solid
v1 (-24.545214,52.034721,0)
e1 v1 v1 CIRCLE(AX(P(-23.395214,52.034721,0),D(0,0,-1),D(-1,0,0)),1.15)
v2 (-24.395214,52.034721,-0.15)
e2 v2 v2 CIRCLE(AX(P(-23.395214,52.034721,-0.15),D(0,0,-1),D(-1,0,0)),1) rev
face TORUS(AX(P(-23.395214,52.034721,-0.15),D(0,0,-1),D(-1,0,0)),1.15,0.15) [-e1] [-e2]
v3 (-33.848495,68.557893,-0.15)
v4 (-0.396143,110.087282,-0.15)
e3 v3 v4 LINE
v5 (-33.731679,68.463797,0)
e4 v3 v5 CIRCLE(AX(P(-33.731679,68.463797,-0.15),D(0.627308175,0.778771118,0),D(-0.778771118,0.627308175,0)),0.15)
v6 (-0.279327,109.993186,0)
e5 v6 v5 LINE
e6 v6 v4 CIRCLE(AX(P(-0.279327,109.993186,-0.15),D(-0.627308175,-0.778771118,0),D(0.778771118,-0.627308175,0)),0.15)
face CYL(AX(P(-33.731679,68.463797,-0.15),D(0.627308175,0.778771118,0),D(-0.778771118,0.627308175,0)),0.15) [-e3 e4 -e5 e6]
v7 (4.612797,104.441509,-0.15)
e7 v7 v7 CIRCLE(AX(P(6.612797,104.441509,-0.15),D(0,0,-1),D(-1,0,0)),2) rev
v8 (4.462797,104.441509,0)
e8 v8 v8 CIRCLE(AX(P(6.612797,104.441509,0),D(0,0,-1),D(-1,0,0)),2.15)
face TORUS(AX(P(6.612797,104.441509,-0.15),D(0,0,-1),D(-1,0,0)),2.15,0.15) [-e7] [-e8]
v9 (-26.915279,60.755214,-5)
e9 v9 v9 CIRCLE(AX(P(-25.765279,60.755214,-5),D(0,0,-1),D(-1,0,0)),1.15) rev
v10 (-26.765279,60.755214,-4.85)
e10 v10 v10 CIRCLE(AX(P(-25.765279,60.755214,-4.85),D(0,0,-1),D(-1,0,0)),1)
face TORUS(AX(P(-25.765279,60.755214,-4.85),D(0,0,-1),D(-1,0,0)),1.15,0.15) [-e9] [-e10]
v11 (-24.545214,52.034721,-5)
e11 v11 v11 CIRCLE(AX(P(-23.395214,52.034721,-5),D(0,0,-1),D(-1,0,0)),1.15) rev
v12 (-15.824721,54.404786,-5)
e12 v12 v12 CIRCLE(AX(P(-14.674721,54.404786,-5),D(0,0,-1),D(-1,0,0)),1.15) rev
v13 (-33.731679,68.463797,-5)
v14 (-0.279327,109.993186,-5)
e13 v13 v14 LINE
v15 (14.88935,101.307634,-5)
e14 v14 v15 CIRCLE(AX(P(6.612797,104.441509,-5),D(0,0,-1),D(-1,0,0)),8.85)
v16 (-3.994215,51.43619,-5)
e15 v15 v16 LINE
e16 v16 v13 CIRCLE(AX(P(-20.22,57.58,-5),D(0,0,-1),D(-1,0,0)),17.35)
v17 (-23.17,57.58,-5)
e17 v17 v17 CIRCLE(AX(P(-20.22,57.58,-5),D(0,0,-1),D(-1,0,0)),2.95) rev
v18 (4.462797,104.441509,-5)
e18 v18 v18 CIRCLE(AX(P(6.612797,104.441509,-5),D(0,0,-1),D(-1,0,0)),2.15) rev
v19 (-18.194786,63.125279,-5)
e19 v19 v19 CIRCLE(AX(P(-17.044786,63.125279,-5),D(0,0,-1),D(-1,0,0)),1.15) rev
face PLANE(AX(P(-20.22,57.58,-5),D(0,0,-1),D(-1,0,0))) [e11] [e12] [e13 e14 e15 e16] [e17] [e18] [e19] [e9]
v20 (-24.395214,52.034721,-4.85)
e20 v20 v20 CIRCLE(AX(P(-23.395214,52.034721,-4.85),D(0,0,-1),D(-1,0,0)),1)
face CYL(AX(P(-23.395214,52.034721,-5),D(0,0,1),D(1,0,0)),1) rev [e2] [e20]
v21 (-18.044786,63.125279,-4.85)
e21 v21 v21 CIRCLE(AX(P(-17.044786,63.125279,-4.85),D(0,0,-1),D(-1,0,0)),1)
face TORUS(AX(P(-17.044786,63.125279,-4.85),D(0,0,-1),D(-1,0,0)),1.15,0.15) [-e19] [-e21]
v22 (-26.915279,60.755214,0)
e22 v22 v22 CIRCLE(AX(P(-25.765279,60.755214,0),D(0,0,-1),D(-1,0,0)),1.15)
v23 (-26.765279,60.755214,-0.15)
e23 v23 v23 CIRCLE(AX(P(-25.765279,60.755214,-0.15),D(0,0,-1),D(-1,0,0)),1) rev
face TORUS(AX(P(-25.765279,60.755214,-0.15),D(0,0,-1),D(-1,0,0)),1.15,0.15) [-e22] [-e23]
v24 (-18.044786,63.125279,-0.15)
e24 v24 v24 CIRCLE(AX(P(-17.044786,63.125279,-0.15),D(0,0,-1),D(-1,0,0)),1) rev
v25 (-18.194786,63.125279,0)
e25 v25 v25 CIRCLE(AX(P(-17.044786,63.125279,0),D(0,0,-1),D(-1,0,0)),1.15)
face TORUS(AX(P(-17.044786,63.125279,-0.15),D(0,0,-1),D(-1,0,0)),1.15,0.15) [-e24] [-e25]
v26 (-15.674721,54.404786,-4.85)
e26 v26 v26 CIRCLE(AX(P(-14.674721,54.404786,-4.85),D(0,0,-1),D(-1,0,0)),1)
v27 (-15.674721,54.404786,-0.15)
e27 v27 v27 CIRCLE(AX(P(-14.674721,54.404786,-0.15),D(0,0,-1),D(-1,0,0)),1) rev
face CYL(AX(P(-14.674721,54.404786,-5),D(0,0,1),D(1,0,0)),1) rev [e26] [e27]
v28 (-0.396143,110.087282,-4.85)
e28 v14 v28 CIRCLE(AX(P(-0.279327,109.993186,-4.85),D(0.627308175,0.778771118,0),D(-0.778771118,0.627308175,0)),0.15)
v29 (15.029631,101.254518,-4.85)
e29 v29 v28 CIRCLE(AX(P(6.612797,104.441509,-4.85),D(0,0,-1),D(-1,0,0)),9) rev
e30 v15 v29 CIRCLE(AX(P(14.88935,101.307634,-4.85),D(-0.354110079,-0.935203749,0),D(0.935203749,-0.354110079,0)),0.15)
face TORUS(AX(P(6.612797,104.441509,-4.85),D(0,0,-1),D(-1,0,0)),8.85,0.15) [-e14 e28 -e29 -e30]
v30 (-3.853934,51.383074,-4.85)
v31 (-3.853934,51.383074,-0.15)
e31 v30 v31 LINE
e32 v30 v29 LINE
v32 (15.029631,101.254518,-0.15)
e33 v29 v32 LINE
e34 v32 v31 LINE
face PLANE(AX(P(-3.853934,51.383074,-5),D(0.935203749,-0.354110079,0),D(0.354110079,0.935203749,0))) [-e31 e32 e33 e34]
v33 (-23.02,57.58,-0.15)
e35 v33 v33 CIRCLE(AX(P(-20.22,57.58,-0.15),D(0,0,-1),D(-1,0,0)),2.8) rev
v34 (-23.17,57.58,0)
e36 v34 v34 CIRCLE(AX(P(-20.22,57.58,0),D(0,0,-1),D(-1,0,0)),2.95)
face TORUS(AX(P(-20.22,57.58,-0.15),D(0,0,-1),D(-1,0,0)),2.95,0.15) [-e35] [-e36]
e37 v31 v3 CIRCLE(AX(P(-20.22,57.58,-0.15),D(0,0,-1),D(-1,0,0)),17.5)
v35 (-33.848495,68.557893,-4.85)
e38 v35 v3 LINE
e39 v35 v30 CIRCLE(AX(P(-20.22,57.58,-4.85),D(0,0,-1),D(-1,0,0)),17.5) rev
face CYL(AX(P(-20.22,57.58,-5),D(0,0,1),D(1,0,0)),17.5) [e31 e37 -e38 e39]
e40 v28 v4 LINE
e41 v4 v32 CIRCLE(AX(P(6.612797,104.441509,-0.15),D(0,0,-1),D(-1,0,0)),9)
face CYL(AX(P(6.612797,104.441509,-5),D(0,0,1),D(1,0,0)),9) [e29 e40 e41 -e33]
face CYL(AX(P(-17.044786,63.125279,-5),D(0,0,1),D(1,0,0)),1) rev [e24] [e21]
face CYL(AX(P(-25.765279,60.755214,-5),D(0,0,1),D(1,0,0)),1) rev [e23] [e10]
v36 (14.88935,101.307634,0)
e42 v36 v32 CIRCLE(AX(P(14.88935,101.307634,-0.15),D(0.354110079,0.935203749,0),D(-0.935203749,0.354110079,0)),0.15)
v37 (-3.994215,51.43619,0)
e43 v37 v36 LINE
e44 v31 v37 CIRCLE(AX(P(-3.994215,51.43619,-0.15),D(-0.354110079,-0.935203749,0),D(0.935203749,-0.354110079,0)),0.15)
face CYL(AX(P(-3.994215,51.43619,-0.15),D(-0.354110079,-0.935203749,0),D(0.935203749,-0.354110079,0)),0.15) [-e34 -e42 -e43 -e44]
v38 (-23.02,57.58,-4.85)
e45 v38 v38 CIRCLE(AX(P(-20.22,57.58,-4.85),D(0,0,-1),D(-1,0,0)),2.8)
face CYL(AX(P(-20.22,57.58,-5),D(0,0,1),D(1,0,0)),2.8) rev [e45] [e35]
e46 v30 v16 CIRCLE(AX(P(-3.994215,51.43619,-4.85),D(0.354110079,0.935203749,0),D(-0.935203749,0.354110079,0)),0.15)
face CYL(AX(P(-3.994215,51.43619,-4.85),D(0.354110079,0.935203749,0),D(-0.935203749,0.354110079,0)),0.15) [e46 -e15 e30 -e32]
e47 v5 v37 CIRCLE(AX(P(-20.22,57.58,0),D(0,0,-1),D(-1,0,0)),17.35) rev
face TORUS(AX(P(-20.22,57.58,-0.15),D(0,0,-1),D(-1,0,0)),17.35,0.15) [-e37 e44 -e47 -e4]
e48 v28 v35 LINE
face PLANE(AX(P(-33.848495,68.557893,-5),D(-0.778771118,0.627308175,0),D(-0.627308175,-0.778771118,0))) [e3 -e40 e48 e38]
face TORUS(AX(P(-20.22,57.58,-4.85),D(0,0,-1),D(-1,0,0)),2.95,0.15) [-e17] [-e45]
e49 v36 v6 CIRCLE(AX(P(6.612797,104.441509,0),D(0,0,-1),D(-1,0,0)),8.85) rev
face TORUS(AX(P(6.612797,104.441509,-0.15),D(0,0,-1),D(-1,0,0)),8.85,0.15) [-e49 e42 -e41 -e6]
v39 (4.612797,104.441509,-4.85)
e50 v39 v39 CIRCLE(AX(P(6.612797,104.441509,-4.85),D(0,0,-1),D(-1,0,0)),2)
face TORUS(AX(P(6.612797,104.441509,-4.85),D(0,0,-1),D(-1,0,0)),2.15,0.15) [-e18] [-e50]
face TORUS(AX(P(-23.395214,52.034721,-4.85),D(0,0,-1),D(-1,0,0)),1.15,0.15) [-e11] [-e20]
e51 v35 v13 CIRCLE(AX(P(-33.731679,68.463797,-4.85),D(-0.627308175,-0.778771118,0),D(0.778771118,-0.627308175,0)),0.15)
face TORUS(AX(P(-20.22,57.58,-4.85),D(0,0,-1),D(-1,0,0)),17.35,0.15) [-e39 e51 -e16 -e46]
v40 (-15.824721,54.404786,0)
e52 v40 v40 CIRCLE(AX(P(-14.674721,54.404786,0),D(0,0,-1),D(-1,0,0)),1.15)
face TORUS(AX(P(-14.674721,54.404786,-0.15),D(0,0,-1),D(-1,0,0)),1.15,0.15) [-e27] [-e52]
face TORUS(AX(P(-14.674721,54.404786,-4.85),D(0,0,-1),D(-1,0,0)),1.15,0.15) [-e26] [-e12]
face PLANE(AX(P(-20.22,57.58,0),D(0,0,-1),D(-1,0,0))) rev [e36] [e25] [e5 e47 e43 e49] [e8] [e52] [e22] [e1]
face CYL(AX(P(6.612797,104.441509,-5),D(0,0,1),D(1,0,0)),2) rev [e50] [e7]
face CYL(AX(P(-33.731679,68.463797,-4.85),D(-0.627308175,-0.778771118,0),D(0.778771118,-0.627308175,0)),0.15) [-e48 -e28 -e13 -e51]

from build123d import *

# Parameters (mm, degrees)
SKETCH1_R           = 2.8
SKETCH1_R_2         = 2
SKETCH1_R_3         = 1
BOSS_EXTRUDE1_DEPTH = 5
FILLET1_R           = 0.15


with BuildPart() as part:
    # Sketch1 → Boss-Extrude1 (new body)
    with BuildSketch(Plane.XY):
        with BuildLine():
            Line((-33.848494558, 68.557893062), (-0.396142845, 110.087282233))
            ThreePointArc((-0.396142845, 110.087282233), (11.084930082, 112.251760101), (15.029630952, 101.254517945))
            Line((15.029630952, 101.254517945), (-3.853934396, 51.383073613))
            ThreePointArc((-3.853934396, 51.383073613), (-28.915813912, 42.393399972), (-33.848494558, 68.557893062))
        make_face()
        with Locations((-20.22, 57.58)):
            Circle(SKETCH1_R, mode=Mode.SUBTRACT)
        with Locations((6.612797213, 104.441508658)):
            Circle(SKETCH1_R_2, mode=Mode.SUBTRACT)
        with Locations((-25.765278525, 60.755214337)):
            Circle(SKETCH1_R_3, mode=Mode.SUBTRACT)
        with Locations((-17.044785663, 63.125278525)):
            Circle(SKETCH1_R_3, mode=Mode.SUBTRACT)
        with Locations((-23.395214337, 52.034721475)):
            Circle(SKETCH1_R_3, mode=Mode.SUBTRACT)
        with Locations((-14.674721475, 54.404785663)):
            Circle(SKETCH1_R_3, mode=Mode.SUBTRACT)
    extrude(amount=-BOSS_EXTRUDE1_DEPTH)

    # Fillet1
    fillet1_edges = [part.edges().sort_by_distance(p)[0] for p in [
        (-23.02, 57.58, -5),
        (-23.02, 57.58, 0),
        (11.084930082, 112.251760101, -5),
        (4.612797213, 104.441508658, -5),
        (4.612797213, 104.441508658, 0),
        (-17.122318702, 89.322587648, -5),
        (-26.765278525, 60.755214337, -5),
        (-26.765278525, 60.755214337, 0),
        (-18.044785663, 63.125278525, -5),
        (-18.044785663, 63.125278525, 0),
        (-24.395214337, 52.034721475, -5),
        (-24.395214337, 52.034721475, 0),
        (-15.674721475, 54.404785663, -5),
        (-15.674721475, 54.404785663, 0),
        (-28.915813912, 42.393399972, -5),
        (-17.122318702, 89.322587648, 0),
        (11.084930082, 112.251760101, 0),
        (5.587848278, 76.318795779, 0),
        (-28.915813912, 42.393399972, 0),
        (5.587848278, 76.318795779, -5),
    ]]
    fillet(fillet1_edges, radius=FILLET1_R)


solid = part.part
